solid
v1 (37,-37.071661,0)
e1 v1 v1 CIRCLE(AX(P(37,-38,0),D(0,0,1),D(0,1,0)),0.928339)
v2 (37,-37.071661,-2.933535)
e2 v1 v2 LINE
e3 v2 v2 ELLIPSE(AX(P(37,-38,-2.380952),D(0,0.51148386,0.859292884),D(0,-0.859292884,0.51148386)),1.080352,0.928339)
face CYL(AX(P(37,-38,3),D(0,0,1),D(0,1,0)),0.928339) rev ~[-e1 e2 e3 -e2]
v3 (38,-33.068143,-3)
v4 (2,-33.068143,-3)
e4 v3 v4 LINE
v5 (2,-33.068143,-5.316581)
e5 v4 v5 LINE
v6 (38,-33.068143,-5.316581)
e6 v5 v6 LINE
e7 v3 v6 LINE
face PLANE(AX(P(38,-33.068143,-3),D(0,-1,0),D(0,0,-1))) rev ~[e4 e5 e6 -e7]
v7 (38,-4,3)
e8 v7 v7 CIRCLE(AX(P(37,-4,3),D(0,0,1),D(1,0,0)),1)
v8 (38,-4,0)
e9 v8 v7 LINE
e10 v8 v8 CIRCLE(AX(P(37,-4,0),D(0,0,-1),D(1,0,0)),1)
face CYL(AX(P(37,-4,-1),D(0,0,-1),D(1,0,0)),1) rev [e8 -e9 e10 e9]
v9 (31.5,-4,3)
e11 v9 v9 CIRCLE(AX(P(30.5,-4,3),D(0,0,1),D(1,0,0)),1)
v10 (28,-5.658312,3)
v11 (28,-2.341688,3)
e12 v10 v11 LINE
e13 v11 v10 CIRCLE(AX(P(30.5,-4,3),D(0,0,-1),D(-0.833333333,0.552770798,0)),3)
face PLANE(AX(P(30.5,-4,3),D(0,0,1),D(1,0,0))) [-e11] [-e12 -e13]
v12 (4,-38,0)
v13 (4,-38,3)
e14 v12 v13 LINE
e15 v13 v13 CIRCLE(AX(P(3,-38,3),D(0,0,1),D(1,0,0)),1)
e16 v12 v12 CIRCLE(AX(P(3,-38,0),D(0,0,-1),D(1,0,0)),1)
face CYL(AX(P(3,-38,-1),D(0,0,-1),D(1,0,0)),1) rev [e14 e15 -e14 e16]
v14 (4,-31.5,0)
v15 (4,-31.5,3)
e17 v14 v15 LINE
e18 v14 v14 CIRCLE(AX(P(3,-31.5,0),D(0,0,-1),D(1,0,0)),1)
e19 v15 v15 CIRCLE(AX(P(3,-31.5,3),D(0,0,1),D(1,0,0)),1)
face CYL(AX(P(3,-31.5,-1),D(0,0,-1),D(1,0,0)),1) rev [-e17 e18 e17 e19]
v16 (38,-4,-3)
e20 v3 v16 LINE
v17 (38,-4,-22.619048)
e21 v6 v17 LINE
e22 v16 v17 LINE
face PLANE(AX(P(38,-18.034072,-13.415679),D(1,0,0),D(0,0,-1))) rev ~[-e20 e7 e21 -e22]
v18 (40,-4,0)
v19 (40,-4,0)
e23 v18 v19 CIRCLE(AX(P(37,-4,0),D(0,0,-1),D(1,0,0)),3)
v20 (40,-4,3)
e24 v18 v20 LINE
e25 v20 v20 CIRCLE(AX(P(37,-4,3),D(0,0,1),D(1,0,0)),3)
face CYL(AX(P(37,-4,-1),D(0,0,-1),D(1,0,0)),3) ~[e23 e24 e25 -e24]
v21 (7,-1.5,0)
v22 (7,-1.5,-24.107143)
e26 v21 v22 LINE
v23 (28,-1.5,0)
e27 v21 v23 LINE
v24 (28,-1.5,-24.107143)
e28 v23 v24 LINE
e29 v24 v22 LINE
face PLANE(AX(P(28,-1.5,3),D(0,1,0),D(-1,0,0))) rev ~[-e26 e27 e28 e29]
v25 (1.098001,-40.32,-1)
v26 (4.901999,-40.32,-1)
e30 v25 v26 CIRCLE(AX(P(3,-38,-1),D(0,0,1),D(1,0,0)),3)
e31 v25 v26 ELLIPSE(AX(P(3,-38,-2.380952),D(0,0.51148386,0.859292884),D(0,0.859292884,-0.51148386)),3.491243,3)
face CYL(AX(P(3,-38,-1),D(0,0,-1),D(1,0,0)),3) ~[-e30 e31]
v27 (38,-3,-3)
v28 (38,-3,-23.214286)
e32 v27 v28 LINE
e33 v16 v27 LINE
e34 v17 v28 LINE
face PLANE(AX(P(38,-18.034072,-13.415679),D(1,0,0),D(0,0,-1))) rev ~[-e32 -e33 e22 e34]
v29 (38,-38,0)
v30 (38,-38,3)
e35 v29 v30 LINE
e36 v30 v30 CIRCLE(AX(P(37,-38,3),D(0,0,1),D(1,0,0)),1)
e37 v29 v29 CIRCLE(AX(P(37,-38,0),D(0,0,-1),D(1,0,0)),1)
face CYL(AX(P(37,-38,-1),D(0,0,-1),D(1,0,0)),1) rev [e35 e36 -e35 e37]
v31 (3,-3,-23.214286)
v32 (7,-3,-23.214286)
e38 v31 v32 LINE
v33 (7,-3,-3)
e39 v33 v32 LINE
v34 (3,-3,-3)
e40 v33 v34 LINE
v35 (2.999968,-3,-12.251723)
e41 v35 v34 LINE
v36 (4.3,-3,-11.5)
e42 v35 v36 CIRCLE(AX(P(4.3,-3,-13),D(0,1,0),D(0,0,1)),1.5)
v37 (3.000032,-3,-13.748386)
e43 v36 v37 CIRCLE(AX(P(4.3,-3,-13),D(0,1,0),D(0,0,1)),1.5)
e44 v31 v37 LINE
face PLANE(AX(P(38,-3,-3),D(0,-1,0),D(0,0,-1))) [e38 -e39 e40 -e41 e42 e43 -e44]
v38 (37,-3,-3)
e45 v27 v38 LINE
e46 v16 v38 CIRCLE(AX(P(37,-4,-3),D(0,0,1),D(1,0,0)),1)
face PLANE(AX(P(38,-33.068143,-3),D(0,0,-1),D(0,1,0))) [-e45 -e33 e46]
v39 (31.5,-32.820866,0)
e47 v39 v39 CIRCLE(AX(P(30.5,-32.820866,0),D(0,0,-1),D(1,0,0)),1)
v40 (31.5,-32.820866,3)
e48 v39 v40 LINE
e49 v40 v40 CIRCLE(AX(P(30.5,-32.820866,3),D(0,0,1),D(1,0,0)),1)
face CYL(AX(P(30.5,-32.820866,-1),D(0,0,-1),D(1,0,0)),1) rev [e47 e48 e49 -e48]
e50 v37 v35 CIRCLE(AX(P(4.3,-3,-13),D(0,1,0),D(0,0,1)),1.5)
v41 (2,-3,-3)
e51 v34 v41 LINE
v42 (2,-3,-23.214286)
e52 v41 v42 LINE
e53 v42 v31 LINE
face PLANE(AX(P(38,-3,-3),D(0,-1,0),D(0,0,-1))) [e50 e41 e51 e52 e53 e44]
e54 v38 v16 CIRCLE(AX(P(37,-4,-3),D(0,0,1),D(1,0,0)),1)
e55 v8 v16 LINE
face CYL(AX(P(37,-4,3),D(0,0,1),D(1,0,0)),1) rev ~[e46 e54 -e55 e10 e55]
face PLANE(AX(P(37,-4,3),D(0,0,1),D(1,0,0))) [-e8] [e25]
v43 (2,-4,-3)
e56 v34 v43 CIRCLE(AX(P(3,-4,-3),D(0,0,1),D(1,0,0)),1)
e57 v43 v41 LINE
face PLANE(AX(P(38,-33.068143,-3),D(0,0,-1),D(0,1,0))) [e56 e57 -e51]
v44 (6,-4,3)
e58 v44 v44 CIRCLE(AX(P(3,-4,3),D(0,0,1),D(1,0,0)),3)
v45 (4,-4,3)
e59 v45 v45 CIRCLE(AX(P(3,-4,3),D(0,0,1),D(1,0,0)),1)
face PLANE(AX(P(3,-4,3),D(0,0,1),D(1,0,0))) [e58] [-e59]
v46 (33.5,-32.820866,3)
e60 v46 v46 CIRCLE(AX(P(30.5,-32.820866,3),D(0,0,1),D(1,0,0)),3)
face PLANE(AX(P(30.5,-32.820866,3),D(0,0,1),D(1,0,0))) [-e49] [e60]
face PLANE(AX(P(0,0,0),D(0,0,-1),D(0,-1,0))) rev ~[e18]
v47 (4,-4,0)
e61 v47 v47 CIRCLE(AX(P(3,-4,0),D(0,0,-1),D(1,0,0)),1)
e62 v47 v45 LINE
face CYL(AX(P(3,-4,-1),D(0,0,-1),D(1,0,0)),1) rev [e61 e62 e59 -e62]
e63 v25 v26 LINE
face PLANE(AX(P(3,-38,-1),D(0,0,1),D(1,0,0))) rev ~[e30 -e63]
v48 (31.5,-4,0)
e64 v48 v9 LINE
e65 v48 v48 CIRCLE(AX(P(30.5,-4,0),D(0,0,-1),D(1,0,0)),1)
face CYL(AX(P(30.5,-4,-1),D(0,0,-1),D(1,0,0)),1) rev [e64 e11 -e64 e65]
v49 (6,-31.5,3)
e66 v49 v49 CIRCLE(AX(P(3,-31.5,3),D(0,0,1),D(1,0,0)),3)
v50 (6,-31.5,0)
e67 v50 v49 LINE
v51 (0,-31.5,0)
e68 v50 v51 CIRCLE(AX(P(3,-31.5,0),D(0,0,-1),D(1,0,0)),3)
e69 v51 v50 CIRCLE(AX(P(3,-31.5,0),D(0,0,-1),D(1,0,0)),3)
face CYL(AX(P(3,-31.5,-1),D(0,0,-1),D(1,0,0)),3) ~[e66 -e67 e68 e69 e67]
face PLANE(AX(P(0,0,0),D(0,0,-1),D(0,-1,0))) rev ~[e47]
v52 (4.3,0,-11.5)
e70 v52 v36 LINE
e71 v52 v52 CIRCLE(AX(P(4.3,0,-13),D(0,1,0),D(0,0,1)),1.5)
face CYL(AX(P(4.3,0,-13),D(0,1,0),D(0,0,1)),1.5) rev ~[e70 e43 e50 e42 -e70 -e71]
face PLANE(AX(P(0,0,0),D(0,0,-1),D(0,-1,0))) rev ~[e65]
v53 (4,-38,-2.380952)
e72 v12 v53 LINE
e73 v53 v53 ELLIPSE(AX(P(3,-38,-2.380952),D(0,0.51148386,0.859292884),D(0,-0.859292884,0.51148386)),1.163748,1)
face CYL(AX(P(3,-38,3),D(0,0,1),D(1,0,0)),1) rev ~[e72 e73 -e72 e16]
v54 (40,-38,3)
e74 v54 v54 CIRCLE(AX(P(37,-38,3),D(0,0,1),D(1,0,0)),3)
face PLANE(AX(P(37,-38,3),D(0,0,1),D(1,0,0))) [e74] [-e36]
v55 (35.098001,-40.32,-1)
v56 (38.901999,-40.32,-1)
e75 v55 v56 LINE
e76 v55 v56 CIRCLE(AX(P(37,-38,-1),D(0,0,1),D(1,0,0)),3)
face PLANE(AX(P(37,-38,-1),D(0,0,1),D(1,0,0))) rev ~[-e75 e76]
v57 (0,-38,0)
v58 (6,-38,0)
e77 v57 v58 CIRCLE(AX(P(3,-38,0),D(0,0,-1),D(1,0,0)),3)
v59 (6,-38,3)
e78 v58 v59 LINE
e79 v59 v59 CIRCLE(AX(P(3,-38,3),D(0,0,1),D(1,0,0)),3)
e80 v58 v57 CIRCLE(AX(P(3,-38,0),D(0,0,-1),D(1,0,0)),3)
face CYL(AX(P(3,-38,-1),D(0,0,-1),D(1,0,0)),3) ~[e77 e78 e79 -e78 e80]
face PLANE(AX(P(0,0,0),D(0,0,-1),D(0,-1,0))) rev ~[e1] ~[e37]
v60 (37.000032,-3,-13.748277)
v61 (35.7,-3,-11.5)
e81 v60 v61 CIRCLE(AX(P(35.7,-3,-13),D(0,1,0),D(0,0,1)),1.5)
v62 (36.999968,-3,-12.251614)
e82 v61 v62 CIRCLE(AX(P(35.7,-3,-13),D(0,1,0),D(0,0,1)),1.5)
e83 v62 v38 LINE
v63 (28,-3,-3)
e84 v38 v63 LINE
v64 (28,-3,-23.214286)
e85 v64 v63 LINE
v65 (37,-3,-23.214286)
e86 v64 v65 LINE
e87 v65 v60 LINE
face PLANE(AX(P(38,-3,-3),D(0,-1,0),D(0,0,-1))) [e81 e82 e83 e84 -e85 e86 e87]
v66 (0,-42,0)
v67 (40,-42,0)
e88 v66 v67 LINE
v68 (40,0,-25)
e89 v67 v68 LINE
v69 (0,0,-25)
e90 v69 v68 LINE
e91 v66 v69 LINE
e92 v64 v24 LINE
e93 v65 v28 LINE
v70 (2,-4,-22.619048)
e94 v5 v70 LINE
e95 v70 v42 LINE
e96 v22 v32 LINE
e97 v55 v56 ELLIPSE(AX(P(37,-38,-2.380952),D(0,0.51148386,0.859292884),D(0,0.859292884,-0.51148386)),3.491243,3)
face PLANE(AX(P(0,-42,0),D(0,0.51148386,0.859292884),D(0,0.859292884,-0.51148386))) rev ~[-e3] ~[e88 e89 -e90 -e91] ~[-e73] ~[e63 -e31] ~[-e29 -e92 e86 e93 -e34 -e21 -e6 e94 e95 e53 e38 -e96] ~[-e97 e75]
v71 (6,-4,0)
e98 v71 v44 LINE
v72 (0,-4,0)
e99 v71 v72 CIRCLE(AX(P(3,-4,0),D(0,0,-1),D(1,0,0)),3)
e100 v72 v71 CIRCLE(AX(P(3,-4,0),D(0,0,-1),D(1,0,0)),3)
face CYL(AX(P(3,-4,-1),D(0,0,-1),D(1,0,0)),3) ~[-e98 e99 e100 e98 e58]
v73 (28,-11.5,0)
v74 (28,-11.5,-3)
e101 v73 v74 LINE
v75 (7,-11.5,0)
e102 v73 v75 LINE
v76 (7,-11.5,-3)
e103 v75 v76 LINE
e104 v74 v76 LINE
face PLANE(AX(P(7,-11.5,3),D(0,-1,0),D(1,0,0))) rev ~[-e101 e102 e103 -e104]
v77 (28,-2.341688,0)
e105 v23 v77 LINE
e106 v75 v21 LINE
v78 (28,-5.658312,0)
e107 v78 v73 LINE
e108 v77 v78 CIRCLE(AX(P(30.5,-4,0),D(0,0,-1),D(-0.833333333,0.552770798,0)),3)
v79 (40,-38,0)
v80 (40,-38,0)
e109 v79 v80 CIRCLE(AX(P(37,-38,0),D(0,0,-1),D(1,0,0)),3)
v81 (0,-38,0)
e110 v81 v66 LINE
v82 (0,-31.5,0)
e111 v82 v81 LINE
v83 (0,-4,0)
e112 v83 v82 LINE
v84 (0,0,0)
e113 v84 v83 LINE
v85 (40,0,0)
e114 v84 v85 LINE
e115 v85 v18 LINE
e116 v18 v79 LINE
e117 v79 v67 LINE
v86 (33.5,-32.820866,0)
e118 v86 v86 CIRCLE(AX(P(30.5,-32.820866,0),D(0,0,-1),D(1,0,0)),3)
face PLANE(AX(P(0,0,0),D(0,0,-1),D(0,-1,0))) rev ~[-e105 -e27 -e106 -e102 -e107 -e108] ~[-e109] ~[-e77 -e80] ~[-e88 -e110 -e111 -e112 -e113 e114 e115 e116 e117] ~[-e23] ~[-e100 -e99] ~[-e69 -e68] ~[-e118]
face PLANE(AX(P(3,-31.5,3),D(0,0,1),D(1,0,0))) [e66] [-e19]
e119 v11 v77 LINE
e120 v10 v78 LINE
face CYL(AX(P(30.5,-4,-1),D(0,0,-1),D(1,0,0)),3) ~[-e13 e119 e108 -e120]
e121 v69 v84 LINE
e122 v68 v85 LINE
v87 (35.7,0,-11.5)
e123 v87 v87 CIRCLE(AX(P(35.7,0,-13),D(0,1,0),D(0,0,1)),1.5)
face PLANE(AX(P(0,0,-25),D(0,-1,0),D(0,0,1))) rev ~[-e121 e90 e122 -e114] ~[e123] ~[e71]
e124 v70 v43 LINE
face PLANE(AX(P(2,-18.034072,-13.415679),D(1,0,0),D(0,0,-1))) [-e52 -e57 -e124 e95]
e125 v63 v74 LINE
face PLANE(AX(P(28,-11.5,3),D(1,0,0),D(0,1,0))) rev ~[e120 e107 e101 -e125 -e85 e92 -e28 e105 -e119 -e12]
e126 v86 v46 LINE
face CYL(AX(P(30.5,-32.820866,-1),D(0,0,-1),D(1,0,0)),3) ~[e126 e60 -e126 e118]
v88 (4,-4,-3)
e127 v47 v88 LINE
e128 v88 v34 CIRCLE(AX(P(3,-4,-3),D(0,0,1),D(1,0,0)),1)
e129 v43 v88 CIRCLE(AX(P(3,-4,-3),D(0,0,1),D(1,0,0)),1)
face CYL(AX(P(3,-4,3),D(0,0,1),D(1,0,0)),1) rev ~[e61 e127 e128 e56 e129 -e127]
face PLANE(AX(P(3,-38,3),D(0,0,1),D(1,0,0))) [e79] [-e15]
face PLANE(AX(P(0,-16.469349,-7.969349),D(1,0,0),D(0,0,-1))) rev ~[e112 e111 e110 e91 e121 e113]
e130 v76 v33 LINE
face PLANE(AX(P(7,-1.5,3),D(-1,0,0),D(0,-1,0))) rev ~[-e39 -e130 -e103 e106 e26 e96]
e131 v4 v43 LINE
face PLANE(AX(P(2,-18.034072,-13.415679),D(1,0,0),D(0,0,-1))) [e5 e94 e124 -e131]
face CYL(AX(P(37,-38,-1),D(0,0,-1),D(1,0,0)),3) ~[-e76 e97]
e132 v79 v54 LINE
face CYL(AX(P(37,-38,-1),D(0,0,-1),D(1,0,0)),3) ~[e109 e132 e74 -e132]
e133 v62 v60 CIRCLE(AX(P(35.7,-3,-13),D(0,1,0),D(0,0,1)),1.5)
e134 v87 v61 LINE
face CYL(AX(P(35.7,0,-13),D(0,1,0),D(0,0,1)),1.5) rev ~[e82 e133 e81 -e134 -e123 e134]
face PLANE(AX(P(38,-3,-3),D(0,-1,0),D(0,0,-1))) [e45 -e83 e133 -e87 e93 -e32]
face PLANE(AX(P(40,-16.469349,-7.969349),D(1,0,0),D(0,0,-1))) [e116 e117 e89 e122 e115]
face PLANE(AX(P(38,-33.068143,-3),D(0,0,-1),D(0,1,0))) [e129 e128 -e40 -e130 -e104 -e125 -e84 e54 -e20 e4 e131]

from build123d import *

# Parameters (mm, degrees)
EXTRUDE_1_DEPTH      = 40
SKETCH_2_W           = 20.831357784
SKETCH_2_H           = 30.068143155
CUT_EXTRUDE_1_DEPTH  = 36
SKETCH_3_R           = 1.5
CUT_EXTRUDE_2_DEPTH  = 32
EXTRUDE_2_DEPTH      = 3
EXTRUDE_2_DEPTH_BACK = 1
SKETCH_4_R           = 3
SKETCH_4_R_2         = 1
SKETCH_5_R           = 1
SKETCH_5_R_2         = 0.928338532
CUT_EXTRUDE_3_DEPTH  = 65.404968752


with BuildPart() as part:
    # 草图1 → 凸台-拉伸1 (new body)
    with BuildSketch(Plane(origin=(0, 0, 0), x_dir=(0, 0, -1), z_dir=(1, 0, 0))):
        Polygon((0, 0), (0, -42), (25, 0), align=None)
    extrude(amount=EXTRUDE_1_DEPTH)

    # 草图2 → 切除-拉伸1 (cut)
    with BuildSketch(Plane(origin=(38, 0, 0), x_dir=(0, 0, -1), z_dir=(1, 0, 0))):
        with Locations((13.415678892, -18.034071578)):
            Rectangle(SKETCH_2_W, SKETCH_2_H)
    extrude(amount=-CUT_EXTRUDE_1_DEPTH, mode=Mode.SUBTRACT)

    # 草图3 → 切除-拉伸2 (cut)
    with BuildSketch(Plane(origin=(0, 0, 0), x_dir=(1, 0, 0), z_dir=(0, 1, 0))):
        with Locations(Location((4.3, 13, 0), (0, 0, 270))):
            Circle(SKETCH_3_R)
        with Locations(Location((35.7, 13, 0), (0, 0, 270))):
            Circle(SKETCH_3_R)
    extrude(amount=-CUT_EXTRUDE_2_DEPTH, mode=Mode.SUBTRACT)

    # 草图4 → 凸台-拉伸2 (add, two sides: drawn at the far end of the back side and taken through both)
    # profile 1 of 7: a face of its own
    with BuildSketch(Plane.XY.offset(-EXTRUDE_2_DEPTH_BACK)):
        with Locations((3, -4)):
            Circle(SKETCH_4_R)
        with Locations((3, -4)):
            Circle(SKETCH_4_R_2, mode=Mode.SUBTRACT)
    # profile 2 of 7: a face of its own
    with BuildSketch(Plane.XY.offset(-EXTRUDE_2_DEPTH_BACK)):
        with Locations((37, -4)):
            Circle(SKETCH_4_R)
        with Locations((37, -4)):
            Circle(SKETCH_4_R_2, mode=Mode.SUBTRACT)
    # profile 3 of 7: a face of its own
    with BuildSketch(Plane.XY.offset(-EXTRUDE_2_DEPTH_BACK)):
        with Locations((37, -38)):
            Circle(SKETCH_4_R)
        with Locations((37, -38)):
            Circle(SKETCH_4_R_2, mode=Mode.SUBTRACT)
    # profile 4 of 7: a face of its own
    with BuildSketch(Plane.XY.offset(-EXTRUDE_2_DEPTH_BACK)):
        with Locations((3, -38)):
            Circle(SKETCH_4_R)
        with Locations((3, -38)):
            Circle(SKETCH_4_R_2, mode=Mode.SUBTRACT)
    # profile 5 of 7: a face of its own
    with BuildSketch(Plane.XY.offset(-EXTRUDE_2_DEPTH_BACK)):
        with Locations((30.5, -4)):
            Circle(SKETCH_4_R)
        with Locations((30.5, -4)):
            Circle(SKETCH_4_R_2, mode=Mode.SUBTRACT)
    # profile 6 of 7: a face of its own
    with BuildSketch(Plane.XY.offset(-EXTRUDE_2_DEPTH_BACK)):
        with Locations((30.5, -32.820866307)):
            Circle(SKETCH_4_R)
        with Locations((30.5, -32.820866307)):
            Circle(SKETCH_4_R_2, mode=Mode.SUBTRACT)
    # profile 7 of 7: a face of its own
    with BuildSketch(Plane.XY.offset(-EXTRUDE_2_DEPTH_BACK)):
        with Locations((3, -31.5)):
            Circle(SKETCH_4_R)
        with Locations((3, -31.5)):
            Circle(SKETCH_4_R_2, mode=Mode.SUBTRACT)
    extrude(amount=EXTRUDE_2_DEPTH + EXTRUDE_2_DEPTH_BACK)

    # 草图5 → 切除-拉伸3 (cut, through all)
    with BuildSketch(Plane.XY.offset(3)):
        with Locations((3, -4)):
            Circle(SKETCH_5_R)
        with Locations((37, -4)):
            Circle(SKETCH_5_R)
        with Locations(Location((37, -38, 0), (0, 0, 90))):
            Circle(SKETCH_5_R_2)
        with Locations((3, -38)):
            Circle(SKETCH_5_R)
        Polygon((20, -1.5), (7, -1.5), (7, -11.5), (20, -11.5), (28, -11.5), (28, -1.5), align=None)
    extrude(amount=-CUT_EXTRUDE_3_DEPTH, mode=Mode.SUBTRACT)


solid = part.part
